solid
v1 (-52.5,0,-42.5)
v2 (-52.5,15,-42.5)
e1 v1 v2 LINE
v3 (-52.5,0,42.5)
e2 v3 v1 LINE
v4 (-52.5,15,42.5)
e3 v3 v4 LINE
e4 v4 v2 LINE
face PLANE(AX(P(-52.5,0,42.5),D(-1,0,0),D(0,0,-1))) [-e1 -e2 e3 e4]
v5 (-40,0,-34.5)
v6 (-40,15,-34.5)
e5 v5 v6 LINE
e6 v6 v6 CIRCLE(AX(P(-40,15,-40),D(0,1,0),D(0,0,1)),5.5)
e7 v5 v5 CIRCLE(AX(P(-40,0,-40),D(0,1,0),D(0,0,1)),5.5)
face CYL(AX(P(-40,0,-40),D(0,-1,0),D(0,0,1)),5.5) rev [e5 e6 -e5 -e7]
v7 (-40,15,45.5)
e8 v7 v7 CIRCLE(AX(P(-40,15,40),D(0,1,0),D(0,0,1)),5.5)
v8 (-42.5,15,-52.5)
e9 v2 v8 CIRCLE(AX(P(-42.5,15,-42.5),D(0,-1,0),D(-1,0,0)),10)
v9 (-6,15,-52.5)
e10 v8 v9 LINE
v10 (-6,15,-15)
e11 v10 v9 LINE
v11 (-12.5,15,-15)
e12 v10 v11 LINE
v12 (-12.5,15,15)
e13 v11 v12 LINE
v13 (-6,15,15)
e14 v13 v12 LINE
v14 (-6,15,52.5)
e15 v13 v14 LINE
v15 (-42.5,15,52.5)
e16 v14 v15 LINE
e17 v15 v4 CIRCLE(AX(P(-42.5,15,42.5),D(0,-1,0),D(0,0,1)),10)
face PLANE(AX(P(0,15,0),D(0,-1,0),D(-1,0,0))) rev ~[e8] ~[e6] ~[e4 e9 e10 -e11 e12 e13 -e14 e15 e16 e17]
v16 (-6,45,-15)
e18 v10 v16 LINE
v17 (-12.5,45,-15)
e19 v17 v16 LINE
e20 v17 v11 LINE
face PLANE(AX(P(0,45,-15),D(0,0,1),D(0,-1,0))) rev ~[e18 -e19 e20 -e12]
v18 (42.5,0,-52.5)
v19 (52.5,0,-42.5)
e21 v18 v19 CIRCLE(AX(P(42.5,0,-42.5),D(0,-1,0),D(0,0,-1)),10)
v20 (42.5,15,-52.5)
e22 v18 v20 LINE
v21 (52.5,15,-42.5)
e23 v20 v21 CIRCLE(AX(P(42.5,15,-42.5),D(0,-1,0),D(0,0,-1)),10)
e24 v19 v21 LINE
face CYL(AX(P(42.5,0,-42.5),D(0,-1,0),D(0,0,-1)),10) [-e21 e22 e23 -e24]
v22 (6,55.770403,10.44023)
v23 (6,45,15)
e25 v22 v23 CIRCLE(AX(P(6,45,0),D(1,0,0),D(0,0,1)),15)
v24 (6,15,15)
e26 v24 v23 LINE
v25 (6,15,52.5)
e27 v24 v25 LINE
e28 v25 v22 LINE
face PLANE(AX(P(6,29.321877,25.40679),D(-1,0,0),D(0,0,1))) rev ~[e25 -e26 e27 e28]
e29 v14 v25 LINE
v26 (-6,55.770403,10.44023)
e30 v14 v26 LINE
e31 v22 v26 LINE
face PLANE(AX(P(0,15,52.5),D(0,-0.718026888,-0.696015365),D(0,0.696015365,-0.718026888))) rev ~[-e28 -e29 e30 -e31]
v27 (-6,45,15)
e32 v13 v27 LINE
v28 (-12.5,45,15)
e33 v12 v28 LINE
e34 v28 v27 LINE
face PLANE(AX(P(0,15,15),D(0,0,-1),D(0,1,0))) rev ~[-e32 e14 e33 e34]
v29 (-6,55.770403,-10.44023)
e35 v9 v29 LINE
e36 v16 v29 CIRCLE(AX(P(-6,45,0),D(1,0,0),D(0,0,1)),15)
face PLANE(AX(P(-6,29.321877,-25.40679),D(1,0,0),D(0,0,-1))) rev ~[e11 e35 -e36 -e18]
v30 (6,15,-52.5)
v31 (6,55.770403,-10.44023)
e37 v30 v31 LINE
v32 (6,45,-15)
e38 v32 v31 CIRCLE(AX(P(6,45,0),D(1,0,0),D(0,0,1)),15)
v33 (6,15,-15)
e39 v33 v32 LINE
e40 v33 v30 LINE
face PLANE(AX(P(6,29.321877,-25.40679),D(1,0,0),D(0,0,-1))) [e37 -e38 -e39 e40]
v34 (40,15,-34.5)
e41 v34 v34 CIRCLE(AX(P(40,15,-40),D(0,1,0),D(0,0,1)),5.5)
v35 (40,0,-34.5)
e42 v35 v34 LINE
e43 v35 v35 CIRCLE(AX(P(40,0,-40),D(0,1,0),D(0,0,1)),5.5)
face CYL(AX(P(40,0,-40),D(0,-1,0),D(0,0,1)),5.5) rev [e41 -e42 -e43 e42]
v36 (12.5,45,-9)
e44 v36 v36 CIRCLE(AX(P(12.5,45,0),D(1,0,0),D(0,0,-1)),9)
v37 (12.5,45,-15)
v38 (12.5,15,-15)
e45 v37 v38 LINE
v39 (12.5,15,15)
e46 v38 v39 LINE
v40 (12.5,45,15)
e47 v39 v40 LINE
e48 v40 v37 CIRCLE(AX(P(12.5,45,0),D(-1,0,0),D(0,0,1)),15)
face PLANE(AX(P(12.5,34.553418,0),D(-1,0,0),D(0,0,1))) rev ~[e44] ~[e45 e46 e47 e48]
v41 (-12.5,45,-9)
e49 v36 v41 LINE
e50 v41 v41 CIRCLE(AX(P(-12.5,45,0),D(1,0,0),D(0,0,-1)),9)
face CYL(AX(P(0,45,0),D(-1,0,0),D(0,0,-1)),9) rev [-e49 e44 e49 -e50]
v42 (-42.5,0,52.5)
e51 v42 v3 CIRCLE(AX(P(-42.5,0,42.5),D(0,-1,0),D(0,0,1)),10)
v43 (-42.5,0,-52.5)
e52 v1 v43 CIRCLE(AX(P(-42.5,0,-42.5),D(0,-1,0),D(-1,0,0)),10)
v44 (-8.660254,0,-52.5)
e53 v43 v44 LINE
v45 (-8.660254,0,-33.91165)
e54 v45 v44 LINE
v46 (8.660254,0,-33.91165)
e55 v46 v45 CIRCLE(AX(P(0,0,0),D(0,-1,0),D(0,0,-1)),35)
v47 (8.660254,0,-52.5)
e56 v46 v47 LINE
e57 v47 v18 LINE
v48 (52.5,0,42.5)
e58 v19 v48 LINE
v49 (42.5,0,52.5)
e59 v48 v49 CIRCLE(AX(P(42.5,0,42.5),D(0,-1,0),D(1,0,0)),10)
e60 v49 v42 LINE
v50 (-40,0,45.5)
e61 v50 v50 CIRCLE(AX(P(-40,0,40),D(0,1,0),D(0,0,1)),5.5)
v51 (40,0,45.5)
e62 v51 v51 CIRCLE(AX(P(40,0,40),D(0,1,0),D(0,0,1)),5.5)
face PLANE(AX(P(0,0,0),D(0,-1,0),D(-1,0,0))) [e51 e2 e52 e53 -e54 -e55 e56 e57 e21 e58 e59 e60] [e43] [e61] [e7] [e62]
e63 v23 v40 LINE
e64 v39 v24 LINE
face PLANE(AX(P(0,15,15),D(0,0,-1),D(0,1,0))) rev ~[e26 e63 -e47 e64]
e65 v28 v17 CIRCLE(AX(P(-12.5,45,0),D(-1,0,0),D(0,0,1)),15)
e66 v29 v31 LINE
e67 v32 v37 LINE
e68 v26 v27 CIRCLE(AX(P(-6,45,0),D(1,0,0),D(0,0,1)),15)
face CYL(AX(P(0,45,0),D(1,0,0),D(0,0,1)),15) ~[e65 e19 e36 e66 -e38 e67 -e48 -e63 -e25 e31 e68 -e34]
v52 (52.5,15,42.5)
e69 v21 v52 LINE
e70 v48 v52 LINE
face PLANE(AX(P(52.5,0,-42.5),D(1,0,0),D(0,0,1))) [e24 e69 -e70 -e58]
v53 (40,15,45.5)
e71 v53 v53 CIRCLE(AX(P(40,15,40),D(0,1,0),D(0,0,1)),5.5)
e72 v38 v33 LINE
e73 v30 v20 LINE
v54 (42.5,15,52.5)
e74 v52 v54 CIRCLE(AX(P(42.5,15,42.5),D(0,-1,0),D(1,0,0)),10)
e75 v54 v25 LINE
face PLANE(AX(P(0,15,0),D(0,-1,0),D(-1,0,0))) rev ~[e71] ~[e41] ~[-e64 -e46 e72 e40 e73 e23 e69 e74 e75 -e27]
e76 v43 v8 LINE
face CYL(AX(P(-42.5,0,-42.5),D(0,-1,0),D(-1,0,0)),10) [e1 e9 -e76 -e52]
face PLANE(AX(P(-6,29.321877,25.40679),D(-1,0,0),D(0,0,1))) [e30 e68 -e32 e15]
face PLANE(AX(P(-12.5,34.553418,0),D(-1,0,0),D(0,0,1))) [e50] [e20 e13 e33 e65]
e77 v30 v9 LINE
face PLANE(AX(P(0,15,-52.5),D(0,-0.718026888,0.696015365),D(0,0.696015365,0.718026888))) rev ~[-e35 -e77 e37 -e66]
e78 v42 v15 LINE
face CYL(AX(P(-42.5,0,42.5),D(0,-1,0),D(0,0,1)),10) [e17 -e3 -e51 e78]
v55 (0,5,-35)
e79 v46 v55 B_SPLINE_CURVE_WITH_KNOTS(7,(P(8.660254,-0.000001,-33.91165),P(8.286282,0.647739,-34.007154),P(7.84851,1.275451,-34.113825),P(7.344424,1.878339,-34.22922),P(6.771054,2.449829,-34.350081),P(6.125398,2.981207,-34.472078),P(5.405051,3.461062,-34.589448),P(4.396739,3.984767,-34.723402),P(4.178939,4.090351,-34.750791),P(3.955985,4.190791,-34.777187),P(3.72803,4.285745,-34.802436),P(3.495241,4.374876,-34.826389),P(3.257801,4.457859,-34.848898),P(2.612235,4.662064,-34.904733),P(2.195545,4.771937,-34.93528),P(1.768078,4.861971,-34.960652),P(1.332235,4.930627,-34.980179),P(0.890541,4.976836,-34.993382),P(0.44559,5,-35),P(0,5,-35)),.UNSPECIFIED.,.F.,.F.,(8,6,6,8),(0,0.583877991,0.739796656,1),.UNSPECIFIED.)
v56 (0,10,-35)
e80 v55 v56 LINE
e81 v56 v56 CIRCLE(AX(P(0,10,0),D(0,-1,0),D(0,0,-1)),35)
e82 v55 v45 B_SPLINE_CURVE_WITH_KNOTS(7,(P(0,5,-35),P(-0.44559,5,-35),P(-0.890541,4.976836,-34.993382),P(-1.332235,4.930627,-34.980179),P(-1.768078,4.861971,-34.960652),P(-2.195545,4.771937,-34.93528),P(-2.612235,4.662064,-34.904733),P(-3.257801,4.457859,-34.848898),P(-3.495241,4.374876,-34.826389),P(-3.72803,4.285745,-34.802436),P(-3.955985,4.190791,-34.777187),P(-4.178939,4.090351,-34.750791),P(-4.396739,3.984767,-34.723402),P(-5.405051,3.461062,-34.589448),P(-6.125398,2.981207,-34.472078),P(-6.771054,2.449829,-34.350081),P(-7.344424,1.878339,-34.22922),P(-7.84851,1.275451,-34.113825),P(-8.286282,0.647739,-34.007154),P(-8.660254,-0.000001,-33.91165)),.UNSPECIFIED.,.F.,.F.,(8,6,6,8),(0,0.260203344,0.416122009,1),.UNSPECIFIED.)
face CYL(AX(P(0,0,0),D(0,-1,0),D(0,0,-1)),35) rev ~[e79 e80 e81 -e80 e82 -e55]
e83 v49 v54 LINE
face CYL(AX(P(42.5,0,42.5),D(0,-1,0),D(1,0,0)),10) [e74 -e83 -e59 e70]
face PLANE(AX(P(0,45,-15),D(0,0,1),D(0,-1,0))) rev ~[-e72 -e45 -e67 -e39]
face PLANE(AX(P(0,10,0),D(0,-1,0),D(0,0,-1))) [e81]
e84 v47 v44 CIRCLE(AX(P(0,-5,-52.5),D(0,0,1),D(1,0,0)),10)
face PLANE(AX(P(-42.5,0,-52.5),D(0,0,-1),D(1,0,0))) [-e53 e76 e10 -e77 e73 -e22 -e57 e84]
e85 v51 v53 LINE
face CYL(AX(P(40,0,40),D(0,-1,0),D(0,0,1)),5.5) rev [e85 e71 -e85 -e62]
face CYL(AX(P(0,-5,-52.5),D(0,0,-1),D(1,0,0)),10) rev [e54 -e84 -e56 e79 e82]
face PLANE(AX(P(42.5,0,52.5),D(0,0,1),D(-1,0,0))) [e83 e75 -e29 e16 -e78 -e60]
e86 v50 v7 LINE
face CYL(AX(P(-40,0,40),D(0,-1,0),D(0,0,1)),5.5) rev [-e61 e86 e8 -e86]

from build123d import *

# Parameters (mm, degrees)
SKETCH_1_R          = 5.5
EXTRUDE_1_DEPTH     = 15
SKETCH_2_R          = 35
CUT_EXTRUDE_1_DEPTH = 10
SKETCH_3_R          = 10
CUT_EXTRUDE_2_DEPTH = 18.58835
SKETCH_5_R          = 9
EXTRUDE_2_DEPTH     = 12.5
EXTRUDE_3_DEPTH     = 6


with BuildPart() as part:
    # Эскиз1 → Бобышка-Вытянуть1 (new body)
    with BuildSketch(Plane(origin=(0, 0, 0), x_dir=(1, 0, 0), z_dir=(0, 1, 0))):
        with BuildLine():
            Line((42.5, -52.5), (-42.5, -52.5))
            ThreePointArc((-42.5, -52.5), (-49.571067812, -49.571067812), (-52.5, -42.5))
            Line((-52.5, -42.5), (-52.5, 42.5))
            ThreePointArc((-52.5, 42.5), (-49.571067812, 49.571067812), (-42.5, 52.5))
            Line((-42.5, 52.5), (42.5, 52.5))
            ThreePointArc((42.5, 52.5), (49.571067812, 49.571067812), (52.5, 42.5))
            Line((52.5, 42.5), (52.5, -42.5))
            ThreePointArc((52.5, -42.5), (49.571067812, -49.571067812), (42.5, -52.5))
        make_face()
        with Locations(Location((-40, -40, 0), (0, 0, 270))):
            Circle(SKETCH_1_R, mode=Mode.SUBTRACT)
        with Locations(Location((-40, 40, 0), (0, 0, 270))):
            Circle(SKETCH_1_R, mode=Mode.SUBTRACT)
        with Locations(Location((40, 40, 0), (0, 0, 270))):
            Circle(SKETCH_1_R, mode=Mode.SUBTRACT)
        with Locations(Location((40, -40, 0), (0, 0, 270))):
            Circle(SKETCH_1_R, mode=Mode.SUBTRACT)
    extrude(amount=EXTRUDE_1_DEPTH)

    # Эскиз2 → Вырез-Вытянуть1 (cut)
    with BuildSketch(Plane.XZ):
        with Locations(Location((0, 0, 0), (0, 0, 270))):
            Circle(SKETCH_2_R)
    extrude(amount=-CUT_EXTRUDE_1_DEPTH, mode=Mode.SUBTRACT)

    # Эскиз3 → Вырез-Вытянуть2 (cut)
    with BuildSketch(Plane.XY.offset(-52.5)):
        with Locations((0, -5)):
            Circle(SKETCH_3_R)
    extrude(amount=CUT_EXTRUDE_2_DEPTH, mode=Mode.SUBTRACT)

    # Эскиз5 → Бобышка-Вытянуть2 (add, symmetric)
    with BuildSketch(Plane(origin=(0, 0, 0), x_dir=(0, 0, -1), z_dir=(1, 0, 0))):
        with BuildLine():
            Line((15, 45), (15, 15))
            Line((15, 15), (-15, 15))
            Line((-15, 15), (-15, 45))
            ThreePointArc((-15, 45), (0, 60), (15, 45))
        make_face()
        with Locations((0, 45)):
            Circle(SKETCH_5_R, mode=Mode.SUBTRACT)
    extrude(amount=EXTRUDE_2_DEPTH, both=True)

    # Эскиз7 → Бобышка-Вытянуть3 (add, symmetric)
    with BuildSketch(Plane(origin=(0, 0, 0), x_dir=(0, 0, -1), z_dir=(1, 0, 0))):
        Polygon((52.5, 15), (10.44023047, 55.770403323), (10.44023047, 15), align=None)
        Polygon((-52.5, 15), (-10.44023047, 55.770403323), (-10.44023047, 15), align=None)
    extrude(amount=EXTRUDE_3_DEPTH, both=True)


solid = part.part
